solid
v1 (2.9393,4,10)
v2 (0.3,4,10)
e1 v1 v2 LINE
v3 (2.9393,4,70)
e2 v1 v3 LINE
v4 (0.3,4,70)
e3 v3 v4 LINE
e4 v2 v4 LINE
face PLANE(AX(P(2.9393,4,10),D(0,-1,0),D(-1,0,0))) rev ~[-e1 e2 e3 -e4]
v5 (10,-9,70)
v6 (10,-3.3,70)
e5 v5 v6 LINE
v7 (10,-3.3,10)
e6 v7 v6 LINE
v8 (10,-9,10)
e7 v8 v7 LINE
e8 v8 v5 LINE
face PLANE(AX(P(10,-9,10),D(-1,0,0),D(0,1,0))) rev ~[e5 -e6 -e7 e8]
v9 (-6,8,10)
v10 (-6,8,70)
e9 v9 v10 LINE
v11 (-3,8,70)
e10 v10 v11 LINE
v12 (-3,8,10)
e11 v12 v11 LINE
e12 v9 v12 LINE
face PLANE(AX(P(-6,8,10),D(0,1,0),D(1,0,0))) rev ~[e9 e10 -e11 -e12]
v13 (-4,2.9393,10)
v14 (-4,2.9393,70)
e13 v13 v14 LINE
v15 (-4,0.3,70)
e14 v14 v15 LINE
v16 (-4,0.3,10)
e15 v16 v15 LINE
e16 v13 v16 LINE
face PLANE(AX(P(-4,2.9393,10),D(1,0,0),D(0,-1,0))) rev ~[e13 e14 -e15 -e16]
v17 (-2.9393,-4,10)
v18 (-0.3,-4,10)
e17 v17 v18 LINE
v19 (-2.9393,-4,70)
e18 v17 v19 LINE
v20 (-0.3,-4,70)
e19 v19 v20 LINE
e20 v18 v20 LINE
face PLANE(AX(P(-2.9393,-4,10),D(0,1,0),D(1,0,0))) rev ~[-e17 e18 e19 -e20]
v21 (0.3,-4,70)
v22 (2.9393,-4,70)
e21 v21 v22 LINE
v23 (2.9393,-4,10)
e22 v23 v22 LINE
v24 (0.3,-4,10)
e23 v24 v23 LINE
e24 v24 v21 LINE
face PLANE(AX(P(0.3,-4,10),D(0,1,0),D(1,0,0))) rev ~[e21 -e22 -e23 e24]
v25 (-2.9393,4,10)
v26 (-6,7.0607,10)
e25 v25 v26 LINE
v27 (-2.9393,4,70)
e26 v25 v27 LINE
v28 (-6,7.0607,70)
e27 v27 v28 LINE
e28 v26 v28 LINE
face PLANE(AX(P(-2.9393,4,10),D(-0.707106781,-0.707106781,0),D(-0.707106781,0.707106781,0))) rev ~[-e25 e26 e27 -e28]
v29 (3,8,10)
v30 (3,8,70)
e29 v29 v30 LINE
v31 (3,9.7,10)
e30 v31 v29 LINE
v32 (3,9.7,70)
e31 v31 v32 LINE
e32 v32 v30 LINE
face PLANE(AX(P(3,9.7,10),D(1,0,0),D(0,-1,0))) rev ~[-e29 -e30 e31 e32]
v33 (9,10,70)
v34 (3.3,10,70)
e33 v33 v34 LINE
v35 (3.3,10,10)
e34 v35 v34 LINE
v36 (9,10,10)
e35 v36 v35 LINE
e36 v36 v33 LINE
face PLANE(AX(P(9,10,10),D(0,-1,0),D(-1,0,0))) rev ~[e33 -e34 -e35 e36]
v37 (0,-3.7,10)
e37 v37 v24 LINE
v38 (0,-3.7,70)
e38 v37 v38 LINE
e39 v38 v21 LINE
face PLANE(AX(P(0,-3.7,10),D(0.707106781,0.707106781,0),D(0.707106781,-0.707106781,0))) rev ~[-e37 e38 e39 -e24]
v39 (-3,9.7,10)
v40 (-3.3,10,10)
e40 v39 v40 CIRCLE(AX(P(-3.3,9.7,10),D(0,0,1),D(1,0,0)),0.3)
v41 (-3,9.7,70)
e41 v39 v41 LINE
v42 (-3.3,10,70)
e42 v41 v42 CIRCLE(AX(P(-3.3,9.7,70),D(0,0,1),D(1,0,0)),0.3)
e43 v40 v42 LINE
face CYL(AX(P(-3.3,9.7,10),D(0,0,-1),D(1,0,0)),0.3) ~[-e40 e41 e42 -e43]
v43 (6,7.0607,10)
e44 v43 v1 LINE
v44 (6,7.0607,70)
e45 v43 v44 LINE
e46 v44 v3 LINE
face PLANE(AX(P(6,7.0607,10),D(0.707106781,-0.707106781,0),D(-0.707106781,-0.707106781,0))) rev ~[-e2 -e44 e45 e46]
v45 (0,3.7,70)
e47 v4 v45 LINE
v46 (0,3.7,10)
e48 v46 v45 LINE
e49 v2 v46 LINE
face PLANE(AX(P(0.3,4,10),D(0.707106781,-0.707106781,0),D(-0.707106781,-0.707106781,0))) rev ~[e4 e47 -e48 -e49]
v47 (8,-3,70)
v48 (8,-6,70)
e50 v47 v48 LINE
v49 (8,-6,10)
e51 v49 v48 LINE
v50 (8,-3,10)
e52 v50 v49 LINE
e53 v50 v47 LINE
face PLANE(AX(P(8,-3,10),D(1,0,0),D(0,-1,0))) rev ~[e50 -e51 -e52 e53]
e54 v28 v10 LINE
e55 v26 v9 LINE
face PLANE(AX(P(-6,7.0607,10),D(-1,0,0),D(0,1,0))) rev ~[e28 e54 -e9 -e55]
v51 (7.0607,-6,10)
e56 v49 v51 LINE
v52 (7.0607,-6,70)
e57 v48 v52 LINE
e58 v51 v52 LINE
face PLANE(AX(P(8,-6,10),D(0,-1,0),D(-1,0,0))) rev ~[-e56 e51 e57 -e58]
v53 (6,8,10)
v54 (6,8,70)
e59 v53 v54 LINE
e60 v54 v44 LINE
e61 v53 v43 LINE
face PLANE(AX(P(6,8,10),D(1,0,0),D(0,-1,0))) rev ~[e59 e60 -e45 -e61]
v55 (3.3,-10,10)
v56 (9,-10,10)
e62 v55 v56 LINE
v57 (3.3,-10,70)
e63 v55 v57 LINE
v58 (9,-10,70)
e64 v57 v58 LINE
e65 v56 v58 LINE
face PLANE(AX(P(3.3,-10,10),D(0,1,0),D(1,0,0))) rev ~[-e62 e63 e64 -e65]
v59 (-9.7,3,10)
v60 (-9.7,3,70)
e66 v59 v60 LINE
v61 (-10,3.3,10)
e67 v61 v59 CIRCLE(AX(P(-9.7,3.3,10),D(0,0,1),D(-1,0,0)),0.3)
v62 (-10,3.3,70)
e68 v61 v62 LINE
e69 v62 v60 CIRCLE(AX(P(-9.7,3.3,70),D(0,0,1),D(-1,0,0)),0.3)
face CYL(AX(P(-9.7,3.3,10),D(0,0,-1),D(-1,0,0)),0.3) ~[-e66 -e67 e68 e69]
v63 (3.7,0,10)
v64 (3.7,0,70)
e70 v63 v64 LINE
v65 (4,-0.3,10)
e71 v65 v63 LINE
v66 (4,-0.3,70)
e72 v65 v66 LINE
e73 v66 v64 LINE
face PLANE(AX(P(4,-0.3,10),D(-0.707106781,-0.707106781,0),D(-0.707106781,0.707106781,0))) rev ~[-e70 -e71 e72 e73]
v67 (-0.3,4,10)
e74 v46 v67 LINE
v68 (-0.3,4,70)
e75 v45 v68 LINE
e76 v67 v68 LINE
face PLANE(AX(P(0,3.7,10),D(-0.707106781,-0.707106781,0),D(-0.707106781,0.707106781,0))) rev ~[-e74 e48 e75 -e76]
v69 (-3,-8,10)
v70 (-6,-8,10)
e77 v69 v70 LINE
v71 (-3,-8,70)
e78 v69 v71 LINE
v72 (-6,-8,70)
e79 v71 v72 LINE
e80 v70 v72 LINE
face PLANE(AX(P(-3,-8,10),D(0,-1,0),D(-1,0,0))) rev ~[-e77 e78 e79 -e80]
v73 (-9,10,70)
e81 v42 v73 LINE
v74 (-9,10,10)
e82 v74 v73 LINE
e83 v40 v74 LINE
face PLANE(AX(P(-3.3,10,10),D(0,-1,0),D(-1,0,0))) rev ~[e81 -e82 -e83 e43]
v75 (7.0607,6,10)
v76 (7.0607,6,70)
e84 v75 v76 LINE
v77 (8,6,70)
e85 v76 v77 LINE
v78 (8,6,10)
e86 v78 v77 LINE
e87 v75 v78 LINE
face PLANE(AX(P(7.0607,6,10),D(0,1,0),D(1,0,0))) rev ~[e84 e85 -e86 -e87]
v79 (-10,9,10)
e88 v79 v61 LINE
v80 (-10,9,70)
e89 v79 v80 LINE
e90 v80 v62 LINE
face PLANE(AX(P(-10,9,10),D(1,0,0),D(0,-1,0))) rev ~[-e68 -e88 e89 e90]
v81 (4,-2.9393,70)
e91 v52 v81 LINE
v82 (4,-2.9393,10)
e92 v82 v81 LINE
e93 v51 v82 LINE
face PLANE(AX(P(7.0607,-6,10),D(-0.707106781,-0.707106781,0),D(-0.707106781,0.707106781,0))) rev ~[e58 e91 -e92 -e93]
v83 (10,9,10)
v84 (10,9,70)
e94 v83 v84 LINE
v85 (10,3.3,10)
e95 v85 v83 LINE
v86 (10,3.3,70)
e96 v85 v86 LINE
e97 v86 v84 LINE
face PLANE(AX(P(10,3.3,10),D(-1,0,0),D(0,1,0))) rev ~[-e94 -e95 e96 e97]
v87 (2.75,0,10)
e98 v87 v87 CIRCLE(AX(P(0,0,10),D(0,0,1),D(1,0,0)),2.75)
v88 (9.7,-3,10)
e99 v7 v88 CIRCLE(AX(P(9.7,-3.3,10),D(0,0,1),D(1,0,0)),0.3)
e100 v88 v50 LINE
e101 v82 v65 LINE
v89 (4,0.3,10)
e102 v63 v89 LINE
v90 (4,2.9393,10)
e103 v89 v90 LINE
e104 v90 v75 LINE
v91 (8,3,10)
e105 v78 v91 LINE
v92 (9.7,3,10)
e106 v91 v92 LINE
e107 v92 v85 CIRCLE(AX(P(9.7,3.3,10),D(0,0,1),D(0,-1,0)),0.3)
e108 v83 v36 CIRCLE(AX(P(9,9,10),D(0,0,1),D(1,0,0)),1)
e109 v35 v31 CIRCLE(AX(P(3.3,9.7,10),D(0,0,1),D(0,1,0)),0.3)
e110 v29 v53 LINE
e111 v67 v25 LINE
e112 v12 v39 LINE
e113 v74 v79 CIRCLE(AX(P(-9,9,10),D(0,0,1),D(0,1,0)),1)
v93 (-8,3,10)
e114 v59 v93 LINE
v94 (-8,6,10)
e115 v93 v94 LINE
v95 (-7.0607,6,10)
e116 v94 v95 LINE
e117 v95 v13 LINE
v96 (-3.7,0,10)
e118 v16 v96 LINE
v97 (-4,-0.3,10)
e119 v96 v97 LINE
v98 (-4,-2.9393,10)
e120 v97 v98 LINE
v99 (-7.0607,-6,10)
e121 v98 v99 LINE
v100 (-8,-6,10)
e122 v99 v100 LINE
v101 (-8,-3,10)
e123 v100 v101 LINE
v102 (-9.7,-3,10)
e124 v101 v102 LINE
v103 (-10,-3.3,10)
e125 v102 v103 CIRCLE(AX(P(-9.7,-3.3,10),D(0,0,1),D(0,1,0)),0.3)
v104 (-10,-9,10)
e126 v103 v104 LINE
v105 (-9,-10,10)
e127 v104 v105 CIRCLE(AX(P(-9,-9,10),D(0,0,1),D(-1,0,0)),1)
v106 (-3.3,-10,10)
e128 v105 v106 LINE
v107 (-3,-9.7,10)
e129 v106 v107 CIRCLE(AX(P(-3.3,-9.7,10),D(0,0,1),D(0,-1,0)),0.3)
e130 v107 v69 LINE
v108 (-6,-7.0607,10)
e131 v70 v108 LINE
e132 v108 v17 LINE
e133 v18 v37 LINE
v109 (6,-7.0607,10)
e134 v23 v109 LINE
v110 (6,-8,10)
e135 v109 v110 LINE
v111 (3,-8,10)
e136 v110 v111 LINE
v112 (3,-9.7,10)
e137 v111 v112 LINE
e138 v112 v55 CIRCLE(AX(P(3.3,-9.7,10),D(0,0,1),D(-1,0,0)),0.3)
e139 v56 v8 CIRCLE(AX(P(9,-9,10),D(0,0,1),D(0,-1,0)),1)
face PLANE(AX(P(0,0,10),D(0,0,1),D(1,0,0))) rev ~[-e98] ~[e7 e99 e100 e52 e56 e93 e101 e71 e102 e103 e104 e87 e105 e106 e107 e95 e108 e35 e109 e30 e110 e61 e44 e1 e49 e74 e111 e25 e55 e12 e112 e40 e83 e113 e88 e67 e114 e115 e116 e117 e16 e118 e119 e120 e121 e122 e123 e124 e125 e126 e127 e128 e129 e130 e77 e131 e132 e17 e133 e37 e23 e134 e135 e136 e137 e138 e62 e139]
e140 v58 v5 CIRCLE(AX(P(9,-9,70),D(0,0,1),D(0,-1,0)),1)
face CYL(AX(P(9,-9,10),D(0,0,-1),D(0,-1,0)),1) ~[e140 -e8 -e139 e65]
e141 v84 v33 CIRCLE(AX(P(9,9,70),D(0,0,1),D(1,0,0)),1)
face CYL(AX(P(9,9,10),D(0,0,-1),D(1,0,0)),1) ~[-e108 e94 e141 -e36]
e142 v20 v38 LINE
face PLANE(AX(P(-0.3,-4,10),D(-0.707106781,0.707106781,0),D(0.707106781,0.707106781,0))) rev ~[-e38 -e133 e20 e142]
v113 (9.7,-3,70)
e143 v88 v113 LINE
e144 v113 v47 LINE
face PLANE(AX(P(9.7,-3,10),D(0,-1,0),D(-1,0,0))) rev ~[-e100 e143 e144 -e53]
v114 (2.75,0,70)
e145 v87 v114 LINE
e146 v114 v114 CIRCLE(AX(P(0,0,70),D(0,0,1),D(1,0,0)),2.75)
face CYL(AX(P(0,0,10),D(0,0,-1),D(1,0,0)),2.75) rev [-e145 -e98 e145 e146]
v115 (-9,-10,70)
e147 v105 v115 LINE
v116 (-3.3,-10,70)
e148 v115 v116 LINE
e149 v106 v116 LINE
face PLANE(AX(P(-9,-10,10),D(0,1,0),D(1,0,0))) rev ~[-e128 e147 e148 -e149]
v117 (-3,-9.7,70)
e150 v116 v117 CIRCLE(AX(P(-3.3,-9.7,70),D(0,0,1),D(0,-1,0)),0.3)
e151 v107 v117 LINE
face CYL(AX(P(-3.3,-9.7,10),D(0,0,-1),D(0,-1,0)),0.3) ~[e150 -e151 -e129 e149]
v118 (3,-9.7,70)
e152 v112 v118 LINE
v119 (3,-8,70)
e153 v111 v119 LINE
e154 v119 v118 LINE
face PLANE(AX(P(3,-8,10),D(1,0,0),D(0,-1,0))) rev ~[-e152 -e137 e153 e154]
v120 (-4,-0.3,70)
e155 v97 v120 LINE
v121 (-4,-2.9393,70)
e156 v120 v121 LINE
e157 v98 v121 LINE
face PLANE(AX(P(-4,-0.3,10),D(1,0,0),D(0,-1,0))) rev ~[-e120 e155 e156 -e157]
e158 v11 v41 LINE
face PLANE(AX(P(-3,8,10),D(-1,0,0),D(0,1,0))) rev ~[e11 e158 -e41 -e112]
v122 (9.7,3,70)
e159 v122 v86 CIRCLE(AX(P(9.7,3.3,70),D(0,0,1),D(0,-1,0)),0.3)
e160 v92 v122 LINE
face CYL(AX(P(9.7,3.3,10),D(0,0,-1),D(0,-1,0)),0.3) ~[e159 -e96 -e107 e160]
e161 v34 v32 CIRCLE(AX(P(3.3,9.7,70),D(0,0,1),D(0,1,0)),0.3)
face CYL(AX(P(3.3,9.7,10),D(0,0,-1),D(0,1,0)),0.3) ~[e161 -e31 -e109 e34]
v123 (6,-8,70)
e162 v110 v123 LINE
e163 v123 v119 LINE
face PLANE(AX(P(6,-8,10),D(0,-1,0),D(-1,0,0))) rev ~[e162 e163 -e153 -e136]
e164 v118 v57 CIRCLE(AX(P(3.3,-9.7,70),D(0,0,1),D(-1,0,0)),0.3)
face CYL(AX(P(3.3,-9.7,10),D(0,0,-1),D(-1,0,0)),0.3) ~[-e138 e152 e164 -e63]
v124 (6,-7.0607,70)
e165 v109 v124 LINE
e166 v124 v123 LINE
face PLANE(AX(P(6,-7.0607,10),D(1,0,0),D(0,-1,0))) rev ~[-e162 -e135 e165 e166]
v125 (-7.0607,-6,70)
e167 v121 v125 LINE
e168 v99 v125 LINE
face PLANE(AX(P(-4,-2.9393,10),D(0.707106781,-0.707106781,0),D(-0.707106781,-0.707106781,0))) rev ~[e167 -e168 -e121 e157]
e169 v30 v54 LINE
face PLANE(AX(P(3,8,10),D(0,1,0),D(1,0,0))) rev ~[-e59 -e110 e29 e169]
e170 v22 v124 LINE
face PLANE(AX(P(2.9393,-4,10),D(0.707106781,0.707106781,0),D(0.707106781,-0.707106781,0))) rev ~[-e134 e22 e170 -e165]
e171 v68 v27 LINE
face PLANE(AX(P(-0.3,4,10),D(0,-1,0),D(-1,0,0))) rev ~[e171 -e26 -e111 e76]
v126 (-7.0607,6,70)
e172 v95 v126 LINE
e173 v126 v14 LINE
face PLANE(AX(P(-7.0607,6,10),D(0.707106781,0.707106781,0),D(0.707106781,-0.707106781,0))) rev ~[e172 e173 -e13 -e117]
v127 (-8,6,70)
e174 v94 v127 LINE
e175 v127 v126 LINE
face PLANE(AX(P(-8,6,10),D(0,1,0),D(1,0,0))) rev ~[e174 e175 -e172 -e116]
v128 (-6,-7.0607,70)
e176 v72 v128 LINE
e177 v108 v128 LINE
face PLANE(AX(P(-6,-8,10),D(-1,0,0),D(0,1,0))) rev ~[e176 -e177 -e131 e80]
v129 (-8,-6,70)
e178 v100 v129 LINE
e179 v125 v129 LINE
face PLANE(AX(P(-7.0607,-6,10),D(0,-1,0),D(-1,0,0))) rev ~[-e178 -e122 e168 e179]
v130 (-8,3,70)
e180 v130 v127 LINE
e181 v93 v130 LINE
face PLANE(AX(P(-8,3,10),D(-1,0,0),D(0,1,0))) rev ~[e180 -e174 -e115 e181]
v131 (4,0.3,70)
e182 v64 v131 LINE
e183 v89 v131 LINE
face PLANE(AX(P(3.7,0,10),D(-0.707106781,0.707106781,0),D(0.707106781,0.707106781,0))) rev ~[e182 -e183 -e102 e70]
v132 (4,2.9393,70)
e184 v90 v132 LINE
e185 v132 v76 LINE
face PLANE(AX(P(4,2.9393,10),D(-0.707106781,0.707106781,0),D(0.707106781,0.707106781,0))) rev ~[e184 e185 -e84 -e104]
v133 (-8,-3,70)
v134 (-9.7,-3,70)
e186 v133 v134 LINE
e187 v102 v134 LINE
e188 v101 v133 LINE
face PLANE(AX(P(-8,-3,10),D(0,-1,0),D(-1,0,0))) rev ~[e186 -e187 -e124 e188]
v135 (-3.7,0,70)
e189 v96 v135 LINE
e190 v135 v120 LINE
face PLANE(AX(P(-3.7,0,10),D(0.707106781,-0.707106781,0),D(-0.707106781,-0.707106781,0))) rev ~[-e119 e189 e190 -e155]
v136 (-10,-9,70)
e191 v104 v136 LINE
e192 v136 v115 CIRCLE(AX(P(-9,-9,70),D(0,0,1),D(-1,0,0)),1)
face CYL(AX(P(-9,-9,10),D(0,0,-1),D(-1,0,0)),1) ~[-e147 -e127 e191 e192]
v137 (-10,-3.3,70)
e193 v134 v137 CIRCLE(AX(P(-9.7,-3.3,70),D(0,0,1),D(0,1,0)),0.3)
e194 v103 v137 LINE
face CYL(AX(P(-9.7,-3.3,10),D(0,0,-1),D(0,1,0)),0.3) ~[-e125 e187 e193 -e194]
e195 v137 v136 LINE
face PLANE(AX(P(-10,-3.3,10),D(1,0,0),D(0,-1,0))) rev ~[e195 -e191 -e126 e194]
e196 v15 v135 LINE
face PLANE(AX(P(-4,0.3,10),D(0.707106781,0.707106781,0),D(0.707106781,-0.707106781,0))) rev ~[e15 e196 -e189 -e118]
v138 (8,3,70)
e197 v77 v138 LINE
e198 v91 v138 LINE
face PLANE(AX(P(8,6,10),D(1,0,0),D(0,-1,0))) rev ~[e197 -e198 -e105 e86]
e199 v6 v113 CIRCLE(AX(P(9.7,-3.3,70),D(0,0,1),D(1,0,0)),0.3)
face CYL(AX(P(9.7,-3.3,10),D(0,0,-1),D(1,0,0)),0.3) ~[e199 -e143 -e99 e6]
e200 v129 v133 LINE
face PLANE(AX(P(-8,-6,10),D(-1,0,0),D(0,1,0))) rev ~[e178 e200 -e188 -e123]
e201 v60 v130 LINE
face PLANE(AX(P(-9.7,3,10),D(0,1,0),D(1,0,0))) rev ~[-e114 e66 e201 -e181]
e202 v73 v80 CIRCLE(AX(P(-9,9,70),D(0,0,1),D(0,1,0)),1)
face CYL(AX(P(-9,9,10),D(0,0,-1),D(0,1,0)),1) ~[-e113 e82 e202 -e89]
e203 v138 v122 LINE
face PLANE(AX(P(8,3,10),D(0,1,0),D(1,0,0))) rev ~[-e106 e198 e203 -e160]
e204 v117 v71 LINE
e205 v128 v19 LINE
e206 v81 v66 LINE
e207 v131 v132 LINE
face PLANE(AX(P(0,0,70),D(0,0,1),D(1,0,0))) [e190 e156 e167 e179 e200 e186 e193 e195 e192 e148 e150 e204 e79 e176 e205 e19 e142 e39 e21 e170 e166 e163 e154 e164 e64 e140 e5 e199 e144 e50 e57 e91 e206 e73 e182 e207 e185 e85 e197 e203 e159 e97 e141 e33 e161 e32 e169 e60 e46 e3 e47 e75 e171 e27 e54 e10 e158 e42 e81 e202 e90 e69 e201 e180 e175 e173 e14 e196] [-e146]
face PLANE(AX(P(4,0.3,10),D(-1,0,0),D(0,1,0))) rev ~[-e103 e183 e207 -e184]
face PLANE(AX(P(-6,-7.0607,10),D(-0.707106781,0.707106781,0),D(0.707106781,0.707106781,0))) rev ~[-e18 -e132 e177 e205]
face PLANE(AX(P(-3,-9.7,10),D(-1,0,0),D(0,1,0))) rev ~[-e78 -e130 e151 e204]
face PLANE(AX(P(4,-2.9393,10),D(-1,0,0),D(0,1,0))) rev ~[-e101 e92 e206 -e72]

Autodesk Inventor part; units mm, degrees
ref_plane "Startebene" through (0, 0, 0) normal (0, 0, 1) x (1, 0, 0)
ref_plane "Endebene" through (0, 0, 320) normal (0, 0, 1) x (1, 0, 0)
ref_plane "Startebene1" through (0, 0, 0) normal (0, 0, 1) x (1, 0, 0)
ref_plane "Endebene1" through (0, 0, 80) normal (0, 0, 1) x (1, 0, 0)
ref_plane "Startebene2" through (0, 0, 10) normal (0, 0, 1) x (1, 0, 0)
ref_plane "Endebene2" through (0, 0, 70) normal (0, 0, 1) x (1, 0, 0)
sketch "Skizze" plane through (0, 0, 0) normal (0, 0, 1) x (1, 0, 0)
  line L0 (-10, 9) -> (-10, 3.3)
  arc A0 (-10, 3.3) -> (-9.7, 3) centre (-9.7, 3.3) ccw
  line L1 (-9.7, 3) -> (-8, 3)
  line L2 (-8, 3) -> (-8, 6)
  line L3 (-8, 6) -> (-7.0607, 6)
  line L4 (-7.0607, 6) -> (-4, 2.9393)
  line L5 (-4, 2.9393) -> (-4, 0.3)
  line L6 (-4, 0.3) -> (-3.7, 0)
  line L7 (-3.7, 0) -> (-4, -0.3)
  line L8 (-4, -0.3) -> (-4, -2.9393)
  line L9 (-4, -2.9393) -> (-7.0607, -6)
  line L10 (-7.0607, -6) -> (-8, -6)
  line L11 (-8, -6) -> (-8, -3)
  line L12 (-8, -3) -> (-9.7, -3)
  arc A1 (-9.7, -3) -> (-10, -3.3) centre (-9.7, -3.3) ccw
  line L13 (-10, -3.3) -> (-10, -9)
  arc A2 (-10, -9) -> (-9, -10) centre (-9, -9) ccw
  line L14 (-9, -10) -> (-3.3, -10)
  arc A3 (-3.3, -10) -> (-3, -9.7) centre (-3.3, -9.7) ccw
  line L15 (-3, -9.7) -> (-3, -8)
  line L16 (-3, -8) -> (-6, -8)
  line L17 (-6, -8) -> (-6, -7.0607)
  line L18 (-6, -7.0607) -> (-2.9393, -4)
  line L19 (-2.9393, -4) -> (-0.3, -4)
  line L20 (-0.3, -4) -> (0, -3.7)
  line L21 (0, -3.7) -> (0.3, -4)
  line L22 (0.3, -4) -> (2.9393, -4)
  line L23 (2.9393, -4) -> (6, -7.0607)
  line L24 (6, -7.0607) -> (6, -8)
  line L25 (6, -8) -> (3, -8)
  line L26 (3, -8) -> (3, -9.7)
  arc A4 (3, -9.7) -> (3.3, -10) centre (3.3, -9.7) ccw
  line L27 (3.3, -10) -> (9, -10)
  arc A5 (9, -10) -> (10, -9) centre (9, -9) ccw
  line L28 (10, -9) -> (10, -3.3)
  arc A6 (10, -3.3) -> (9.7, -3) centre (9.7, -3.3) ccw
  line L29 (9.7, -3) -> (8, -3)
  line L30 (8, -3) -> (8, -6)
  line L31 (8, -6) -> (7.0607, -6)
  line L32 (7.0607, -6) -> (4, -2.9393)
  line L33 (4, -2.9393) -> (4, -0.3)
  line L34 (4, -0.3) -> (3.7, 0)
  line L35 (3.7, 0) -> (4, 0.3)
  line L36 (4, 0.3) -> (4, 2.9393)
  line L37 (4, 2.9393) -> (7.0607, 6)
  line L38 (7.0607, 6) -> (8, 6)
  line L39 (8, 6) -> (8, 3)
  line L40 (8, 3) -> (9.7, 3)
  arc A7 (9.7, 3) -> (10, 3.3) centre (9.7, 3.3) ccw
  line L41 (10, 3.3) -> (10, 9)
  arc A8 (10, 9) -> (9, 10) centre (9, 9) ccw
  line L42 (9, 10) -> (3.3, 10)
  arc A9 (3.3, 10) -> (3, 9.7) centre (3.3, 9.7) ccw
  line L43 (3, 9.7) -> (3, 8)
  line L44 (3, 8) -> (6, 8)
  line L45 (6, 8) -> (6, 7.0607)
  line L46 (6, 7.0607) -> (2.9393, 4)
  line L47 (2.9393, 4) -> (0.3, 4)
  line L48 (0.3, 4) -> (0, 3.7)
  line L49 (0, 3.7) -> (-0.3, 4)
  line L50 (-0.3, 4) -> (-2.9393, 4)
  line L51 (-2.9393, 4) -> (-6, 7.0607)
  line L52 (-6, 7.0607) -> (-6, 8)
  line L53 (-6, 8) -> (-3, 8)
  line L54 (-3, 8) -> (-3, 9.7)
  arc A10 (-3, 9.7) -> (-3.3, 10) centre (-3.3, 9.7) ccw
  line L55 (-3.3, 10) -> (-9, 10)
  arc A11 (-9, 10) -> (-10, 9) centre (-9, 9) ccw
  circle A12 centre (0, 0) radius 2.75
  dimension "d2" = 5.5
  dimension "d3" = 10
  dimension "d4" = 10
  dimension "d5" = 5.7
  dimension "d6" = 5.7
  dimension "d7" = 1.7
  dimension "d8" = 3
  dimension "d9" = 0.3
  dimension "d10" = 90
  dimension "d11" = 45
  dimension "d12" = 45
  dimension "d13" = 45
  dimension "d14" = 90
  dimension "d15" = 90
  dimension "d16" = 45
  dimension "d17" = 45
  dimension "d18" = 45
  dimension "d19" = 45
  dimension "d20" = 90
  dimension "d21" = 90
  dimension "d22" = 45
  dimension "d23" = 45
  dimension "d24" = 90
  dimension "d25" = 90
  dimension "d26" = 90
  dimension "d27" = 90
  dimension "d28" = 90
  dimension "d29" = 90
  dimension "d30" = 90
  dimension "d31" = 90
  dimension "d32" = 90
  dimension "d33" = 90
  dimension "d34" = 90
  dimension "d35" = 90
  dimension "d36" = 90
  dimension "d37" = 90
  dimension "d38" = 90
  dimension "d39" = 4
  dimension "d40" = 6
  dimension "d41" = 13
  dimension "d42" = 14
  dimension "d43" = 16
  dimension "d44" = 18
  dimension "d45" = 3
  dimension "d46" = 9
  dimension "d47" = 7
  dimension "d48" = 1
  dimension "d49" = 7
  dimension "d50" = 1.5
  dimension "d51" = 1.8663
  dimension "d52" = 3.3663
  dimension "d53" = 1.5
  dimension "d54" = 1.8663
  dimension "d55" = 3.3663
  dimension "d56" = 4
  dimension "d57" = 10.8187
  dimension "d58" = 1.9092
  dimension "d59" = 5
  dimension "d60" = 13
  dimension "d61" = 13
  dimension "d62" = 16.0513
  dimension "d63" = 3.3234
  dimension "d64" = 14
  dimension "d65" = 12.685
extrude "Körper" add sketch "Skizze" along normal up to surface (60 mm away) from surface at 10
sketch "Skizze13" plane through (0, 0, 0) normal (0, 0, 1) x (1, 0, 0)
  line L0 (0, 0) -> (10, 0)
ref_plane "Arbeitsebene12" through (0, 0, 0) normal (0, -1, 0) x (1, 0, 0)
sketch "Skizze14" plane through (0, 0, 0) normal (0, -1, 0) x (1, 0, 0)
  line L0 (-2, 10) -> (12, 10)
  line L1 (-2, 70) -> (12, 70)
  dimension "d80" = 60
ref_plane "Arbeitsebene13" through (-3.3, 220, 10) normal (0, 0, -1) x (-1, 0, 0)
split "Trennen1" plane through (-3.3, 220, 10) removes the side toward (0, 0, -1)
ref_plane "Arbeitsebene14" through (0, -9, 70) normal (0, 0, 1) x (1, 0, 0)
split "Trennen2" plane through (0, -9, 70) removes the side toward (0, 0, 1)
equation "\"G_OFFSET_START\" = 0"
equation "\"G_OFFSET_END\" = 0"
equation "\"G_L\" = d80"
equation "\"G_OFFSET_START1\" = 0"
equation "\"G_OFFSET_END1\" = 0"
properties part number "Alu Profil 20x20 - AP2020" material "Aluminium 6061"
